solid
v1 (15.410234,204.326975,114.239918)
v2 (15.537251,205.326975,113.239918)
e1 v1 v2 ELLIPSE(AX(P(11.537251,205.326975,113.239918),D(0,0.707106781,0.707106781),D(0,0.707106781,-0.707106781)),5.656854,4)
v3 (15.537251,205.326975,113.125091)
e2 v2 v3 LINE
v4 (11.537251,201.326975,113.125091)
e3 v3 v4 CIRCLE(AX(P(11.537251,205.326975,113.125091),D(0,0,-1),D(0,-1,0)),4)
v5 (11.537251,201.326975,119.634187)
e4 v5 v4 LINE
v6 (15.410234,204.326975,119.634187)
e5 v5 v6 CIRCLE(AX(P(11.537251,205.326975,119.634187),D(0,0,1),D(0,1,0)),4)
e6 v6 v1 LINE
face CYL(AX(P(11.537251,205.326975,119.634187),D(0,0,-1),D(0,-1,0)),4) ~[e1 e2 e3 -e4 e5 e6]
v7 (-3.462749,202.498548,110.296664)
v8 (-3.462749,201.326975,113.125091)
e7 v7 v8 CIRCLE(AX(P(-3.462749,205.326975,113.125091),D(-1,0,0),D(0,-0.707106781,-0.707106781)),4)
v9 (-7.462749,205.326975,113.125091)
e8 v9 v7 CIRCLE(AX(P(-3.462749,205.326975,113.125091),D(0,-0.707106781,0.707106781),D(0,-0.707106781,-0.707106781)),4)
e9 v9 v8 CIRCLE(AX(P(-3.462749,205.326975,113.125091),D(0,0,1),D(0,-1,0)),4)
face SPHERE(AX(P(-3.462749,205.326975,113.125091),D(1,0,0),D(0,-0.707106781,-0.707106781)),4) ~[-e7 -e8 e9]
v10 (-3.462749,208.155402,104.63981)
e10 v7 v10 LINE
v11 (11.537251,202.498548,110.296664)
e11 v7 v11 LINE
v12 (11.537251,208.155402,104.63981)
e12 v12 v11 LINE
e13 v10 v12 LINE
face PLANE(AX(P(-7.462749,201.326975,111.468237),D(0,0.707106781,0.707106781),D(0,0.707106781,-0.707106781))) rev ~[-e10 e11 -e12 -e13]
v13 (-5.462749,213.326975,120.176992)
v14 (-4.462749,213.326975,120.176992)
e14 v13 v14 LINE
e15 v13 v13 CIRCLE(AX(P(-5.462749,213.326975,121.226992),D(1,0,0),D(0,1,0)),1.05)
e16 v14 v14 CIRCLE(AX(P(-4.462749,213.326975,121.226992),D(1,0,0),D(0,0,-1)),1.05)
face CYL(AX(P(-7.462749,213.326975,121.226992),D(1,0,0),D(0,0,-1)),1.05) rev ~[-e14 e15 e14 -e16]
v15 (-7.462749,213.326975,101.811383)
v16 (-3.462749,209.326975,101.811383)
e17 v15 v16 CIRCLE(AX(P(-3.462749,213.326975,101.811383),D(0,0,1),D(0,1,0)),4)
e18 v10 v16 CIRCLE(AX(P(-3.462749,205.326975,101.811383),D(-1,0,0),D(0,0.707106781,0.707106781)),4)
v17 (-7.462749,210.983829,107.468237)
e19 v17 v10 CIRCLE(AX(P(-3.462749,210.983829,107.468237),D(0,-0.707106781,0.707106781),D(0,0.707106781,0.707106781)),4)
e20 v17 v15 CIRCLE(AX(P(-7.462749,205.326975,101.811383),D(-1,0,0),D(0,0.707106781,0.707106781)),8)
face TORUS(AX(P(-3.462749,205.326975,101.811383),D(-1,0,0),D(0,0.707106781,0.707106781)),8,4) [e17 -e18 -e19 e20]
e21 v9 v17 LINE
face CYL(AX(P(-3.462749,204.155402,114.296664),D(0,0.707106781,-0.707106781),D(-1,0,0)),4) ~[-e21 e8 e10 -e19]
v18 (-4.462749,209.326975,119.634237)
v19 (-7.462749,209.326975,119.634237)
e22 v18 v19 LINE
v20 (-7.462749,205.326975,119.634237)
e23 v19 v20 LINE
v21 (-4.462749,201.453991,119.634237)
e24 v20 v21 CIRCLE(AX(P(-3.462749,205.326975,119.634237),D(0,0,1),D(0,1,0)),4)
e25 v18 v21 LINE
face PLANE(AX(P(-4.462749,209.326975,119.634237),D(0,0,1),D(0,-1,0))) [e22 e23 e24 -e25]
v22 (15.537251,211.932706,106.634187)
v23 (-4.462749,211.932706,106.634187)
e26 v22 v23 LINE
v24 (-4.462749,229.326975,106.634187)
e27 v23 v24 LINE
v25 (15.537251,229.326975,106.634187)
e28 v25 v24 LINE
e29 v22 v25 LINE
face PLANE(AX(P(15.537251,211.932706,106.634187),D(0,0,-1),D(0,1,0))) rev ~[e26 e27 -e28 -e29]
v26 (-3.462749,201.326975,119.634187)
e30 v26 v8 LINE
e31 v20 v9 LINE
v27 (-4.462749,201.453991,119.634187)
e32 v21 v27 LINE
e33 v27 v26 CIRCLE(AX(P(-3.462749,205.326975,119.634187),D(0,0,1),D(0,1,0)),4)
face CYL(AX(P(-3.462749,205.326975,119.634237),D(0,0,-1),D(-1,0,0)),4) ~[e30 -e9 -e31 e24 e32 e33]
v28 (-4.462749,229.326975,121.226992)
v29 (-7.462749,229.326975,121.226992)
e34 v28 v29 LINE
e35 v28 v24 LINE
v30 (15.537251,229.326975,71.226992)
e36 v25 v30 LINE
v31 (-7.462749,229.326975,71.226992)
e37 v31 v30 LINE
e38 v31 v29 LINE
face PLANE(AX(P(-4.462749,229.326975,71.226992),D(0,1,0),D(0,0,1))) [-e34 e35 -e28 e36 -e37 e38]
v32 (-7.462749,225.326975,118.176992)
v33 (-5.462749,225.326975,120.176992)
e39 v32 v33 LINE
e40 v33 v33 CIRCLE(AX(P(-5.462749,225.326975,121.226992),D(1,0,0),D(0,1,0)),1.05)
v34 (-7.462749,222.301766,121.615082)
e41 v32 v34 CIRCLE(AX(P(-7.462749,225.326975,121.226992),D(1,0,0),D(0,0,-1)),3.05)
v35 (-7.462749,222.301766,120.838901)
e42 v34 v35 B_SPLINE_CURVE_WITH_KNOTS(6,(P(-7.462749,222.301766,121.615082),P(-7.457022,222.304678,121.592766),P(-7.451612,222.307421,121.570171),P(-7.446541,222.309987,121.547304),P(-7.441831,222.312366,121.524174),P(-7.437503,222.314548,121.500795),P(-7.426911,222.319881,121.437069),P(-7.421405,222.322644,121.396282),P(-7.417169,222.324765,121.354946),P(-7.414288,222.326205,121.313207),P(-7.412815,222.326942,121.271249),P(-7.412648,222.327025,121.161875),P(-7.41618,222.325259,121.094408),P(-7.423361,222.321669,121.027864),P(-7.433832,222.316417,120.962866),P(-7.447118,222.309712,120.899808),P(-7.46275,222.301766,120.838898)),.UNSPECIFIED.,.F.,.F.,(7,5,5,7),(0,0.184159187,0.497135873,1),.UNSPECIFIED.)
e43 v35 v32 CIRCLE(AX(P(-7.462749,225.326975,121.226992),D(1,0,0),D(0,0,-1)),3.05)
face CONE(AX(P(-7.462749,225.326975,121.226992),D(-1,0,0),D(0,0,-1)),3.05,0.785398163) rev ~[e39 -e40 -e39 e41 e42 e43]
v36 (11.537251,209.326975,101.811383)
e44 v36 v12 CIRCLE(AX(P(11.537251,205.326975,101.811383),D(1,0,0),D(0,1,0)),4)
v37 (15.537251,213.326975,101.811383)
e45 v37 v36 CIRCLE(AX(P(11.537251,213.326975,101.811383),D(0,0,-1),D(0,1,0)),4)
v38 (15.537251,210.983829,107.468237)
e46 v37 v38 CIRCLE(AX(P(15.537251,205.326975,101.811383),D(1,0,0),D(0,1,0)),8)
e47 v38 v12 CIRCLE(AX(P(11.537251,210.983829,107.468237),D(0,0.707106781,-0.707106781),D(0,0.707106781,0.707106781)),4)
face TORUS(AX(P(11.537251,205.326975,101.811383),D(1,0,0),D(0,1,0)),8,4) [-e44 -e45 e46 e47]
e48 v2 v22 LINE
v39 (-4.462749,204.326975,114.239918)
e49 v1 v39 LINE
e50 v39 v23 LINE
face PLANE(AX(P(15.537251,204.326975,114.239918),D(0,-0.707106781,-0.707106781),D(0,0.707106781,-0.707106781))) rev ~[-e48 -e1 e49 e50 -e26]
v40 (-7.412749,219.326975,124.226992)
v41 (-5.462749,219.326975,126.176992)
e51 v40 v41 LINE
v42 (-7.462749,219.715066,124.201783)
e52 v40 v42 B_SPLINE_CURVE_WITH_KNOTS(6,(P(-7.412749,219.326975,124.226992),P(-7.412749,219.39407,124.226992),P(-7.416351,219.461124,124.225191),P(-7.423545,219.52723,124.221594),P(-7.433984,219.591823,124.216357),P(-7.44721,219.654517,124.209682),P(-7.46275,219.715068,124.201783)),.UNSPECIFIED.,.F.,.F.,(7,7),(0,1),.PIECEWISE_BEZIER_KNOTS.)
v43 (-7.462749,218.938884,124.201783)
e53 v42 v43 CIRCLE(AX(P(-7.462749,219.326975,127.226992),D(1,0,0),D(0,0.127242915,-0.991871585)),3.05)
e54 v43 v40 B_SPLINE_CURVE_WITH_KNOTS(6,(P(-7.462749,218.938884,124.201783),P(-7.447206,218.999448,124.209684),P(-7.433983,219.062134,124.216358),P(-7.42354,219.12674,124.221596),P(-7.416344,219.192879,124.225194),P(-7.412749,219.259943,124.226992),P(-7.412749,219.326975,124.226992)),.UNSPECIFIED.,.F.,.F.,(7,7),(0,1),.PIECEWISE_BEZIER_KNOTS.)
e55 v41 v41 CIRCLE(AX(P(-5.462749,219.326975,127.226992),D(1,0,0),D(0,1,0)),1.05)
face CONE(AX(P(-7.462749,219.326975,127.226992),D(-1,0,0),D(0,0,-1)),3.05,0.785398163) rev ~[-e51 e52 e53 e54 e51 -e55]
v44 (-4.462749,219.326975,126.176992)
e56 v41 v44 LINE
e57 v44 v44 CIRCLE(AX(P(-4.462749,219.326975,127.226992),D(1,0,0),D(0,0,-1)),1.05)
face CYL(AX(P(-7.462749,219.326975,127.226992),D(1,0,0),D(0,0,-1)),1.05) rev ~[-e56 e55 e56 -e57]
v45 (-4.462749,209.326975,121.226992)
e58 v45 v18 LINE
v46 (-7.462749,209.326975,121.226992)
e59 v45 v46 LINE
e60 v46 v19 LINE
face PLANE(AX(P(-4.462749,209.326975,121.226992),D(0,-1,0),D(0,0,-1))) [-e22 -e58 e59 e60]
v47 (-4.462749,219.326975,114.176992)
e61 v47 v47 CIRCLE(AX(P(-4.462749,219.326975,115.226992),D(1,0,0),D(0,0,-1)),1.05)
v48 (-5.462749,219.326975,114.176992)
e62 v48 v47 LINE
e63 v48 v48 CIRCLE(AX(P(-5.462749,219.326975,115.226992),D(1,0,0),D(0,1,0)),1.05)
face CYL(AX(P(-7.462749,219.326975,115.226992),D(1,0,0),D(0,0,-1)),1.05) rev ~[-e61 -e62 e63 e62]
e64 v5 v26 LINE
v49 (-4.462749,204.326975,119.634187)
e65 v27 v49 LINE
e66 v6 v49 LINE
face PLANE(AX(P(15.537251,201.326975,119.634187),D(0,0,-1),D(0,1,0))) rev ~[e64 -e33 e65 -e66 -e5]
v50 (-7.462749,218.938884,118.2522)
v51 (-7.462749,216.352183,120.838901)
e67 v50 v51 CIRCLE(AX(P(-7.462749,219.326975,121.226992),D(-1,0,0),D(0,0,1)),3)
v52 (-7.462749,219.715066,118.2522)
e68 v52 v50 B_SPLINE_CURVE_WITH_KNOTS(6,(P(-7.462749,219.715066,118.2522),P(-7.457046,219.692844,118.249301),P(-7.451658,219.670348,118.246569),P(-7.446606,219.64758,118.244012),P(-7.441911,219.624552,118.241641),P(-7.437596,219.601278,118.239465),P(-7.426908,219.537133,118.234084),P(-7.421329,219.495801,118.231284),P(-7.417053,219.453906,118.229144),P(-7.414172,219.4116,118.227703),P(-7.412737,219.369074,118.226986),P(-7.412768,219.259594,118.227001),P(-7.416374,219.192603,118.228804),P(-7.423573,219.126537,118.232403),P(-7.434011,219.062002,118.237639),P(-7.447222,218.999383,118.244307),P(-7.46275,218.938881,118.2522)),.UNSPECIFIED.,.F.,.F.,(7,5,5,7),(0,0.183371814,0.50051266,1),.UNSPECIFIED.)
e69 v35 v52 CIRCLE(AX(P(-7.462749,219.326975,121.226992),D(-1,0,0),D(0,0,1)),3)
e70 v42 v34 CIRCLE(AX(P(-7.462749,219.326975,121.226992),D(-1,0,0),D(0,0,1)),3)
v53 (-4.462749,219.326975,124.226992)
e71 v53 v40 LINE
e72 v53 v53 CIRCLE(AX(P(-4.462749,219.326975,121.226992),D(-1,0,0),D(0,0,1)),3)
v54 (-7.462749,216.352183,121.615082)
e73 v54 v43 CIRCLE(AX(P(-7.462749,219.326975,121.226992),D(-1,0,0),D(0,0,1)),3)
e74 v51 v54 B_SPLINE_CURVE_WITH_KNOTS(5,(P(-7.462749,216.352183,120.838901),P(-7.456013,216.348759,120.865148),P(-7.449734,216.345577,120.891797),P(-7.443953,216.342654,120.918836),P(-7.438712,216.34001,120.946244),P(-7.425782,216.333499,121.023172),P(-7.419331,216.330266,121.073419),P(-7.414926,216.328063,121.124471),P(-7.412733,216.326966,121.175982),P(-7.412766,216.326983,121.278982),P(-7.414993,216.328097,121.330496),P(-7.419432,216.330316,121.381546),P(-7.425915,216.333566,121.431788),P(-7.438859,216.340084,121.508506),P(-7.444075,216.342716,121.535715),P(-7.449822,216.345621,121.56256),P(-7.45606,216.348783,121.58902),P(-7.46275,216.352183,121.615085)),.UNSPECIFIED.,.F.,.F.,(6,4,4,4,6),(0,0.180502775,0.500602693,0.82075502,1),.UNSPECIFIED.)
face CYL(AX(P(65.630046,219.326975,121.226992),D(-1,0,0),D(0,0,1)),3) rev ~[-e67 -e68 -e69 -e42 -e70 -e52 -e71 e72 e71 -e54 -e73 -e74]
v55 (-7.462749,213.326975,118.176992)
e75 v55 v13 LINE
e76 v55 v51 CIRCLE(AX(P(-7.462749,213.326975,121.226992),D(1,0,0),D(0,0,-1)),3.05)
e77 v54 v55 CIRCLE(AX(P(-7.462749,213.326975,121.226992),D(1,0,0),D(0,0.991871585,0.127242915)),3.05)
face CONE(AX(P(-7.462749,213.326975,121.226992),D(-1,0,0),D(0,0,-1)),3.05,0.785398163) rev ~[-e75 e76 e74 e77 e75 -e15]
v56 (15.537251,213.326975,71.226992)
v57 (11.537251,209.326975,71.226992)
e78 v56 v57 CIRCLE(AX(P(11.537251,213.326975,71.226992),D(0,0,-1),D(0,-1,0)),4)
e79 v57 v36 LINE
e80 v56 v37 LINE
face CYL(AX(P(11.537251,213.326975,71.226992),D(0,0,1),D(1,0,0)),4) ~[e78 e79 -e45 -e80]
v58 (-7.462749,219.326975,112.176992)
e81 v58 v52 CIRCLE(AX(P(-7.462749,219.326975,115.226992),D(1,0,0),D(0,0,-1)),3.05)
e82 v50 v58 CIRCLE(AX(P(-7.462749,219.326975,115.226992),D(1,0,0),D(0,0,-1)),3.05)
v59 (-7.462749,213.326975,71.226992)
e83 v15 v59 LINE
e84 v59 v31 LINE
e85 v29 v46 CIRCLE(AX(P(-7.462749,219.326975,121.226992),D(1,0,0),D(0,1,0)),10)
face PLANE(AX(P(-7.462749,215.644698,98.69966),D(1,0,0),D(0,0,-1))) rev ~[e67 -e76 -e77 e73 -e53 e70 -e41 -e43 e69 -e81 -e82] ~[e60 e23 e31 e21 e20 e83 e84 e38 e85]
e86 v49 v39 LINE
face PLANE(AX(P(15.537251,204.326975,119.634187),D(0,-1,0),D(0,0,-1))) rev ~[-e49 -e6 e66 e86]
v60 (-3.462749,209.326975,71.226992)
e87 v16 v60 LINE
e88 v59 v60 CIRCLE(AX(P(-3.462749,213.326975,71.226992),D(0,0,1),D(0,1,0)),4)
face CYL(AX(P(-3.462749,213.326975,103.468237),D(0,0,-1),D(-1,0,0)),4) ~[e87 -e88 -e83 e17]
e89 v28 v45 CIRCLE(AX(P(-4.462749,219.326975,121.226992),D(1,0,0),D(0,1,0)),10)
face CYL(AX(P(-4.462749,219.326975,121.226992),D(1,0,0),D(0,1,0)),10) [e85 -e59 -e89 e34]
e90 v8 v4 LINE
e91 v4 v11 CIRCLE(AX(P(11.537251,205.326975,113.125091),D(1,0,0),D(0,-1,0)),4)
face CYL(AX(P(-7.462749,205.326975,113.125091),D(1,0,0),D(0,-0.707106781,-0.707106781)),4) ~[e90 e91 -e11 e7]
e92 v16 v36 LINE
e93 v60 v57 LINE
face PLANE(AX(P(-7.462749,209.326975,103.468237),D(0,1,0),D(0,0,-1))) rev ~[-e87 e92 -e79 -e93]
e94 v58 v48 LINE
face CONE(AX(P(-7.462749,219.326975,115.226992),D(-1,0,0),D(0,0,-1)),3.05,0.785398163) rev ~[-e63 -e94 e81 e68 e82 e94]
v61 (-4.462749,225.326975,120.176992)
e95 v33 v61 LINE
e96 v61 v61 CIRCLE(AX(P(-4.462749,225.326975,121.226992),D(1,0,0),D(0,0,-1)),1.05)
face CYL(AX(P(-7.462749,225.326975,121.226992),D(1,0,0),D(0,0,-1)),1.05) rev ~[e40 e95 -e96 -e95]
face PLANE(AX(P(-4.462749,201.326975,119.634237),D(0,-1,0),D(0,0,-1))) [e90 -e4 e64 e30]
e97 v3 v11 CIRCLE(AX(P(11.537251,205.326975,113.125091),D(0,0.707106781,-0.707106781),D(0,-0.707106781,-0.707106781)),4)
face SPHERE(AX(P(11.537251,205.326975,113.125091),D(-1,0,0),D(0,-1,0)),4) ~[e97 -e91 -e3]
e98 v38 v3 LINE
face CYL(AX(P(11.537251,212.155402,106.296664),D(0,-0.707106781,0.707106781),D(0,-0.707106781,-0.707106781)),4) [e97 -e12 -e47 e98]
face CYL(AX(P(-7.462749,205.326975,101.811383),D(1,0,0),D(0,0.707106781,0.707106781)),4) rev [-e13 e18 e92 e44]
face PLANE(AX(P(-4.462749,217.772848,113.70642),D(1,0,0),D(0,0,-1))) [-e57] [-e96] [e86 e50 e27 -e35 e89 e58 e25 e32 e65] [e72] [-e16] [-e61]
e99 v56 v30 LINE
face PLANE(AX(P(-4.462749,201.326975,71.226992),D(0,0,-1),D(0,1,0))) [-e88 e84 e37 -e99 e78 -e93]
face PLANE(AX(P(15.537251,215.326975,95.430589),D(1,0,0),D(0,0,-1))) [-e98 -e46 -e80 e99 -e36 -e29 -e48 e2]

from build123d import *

# Parameters (mm, degrees)
SKETCH1_W                            = 48.407195654
SKETCH1_H                            = 28
BOSS_EXTRUDE1_DEPTH                  = 20
BOSS_EXTRUDE2_DEPTH                  = 3
CUT_EXTRUDE1_DEPTH                   = 20
CUT_EXTRUDE2_DEPTH                   = 266.217617444
F_6_0_6_DIAMETER_HOLE1_D             = 6
F_2_1_2_1_DIAMETER_HOLE1_D           = 2.1
F_2_1_2_1_DIAMETER_HOLE1_DEPTH       = 23
F_2_1_2_1_DIAMETER_HOLE1_CSINK_D     = 6.1
F_2_1_2_1_DIAMETER_HOLE1_CSINK_ANGLE = 90
FILLET1_R                            = 4


with BuildPart() as part:
    # Sketch1 → Boss-Extrude1 (new body)
    with BuildSketch(Plane(origin=(15.537250863, 0, 0), x_dir=(0, 0, -1), z_dir=(1, 0, 0))):
        with Locations((-95.430589359, 215.326974637)):
            Rectangle(SKETCH1_W, SKETCH1_H)
    extrude(amount=-BOSS_EXTRUDE1_DEPTH)

    # Sketch2 → Boss-Extrude2 (add)
    with BuildSketch(Plane.ZY.offset(4.462749137)):
        with BuildLine():
            Line((71.226991532, 201.326974637), (71.226991532, 229.326974637))
            Line((71.226991532, 229.326974637), (121.226991532, 229.326974637))
            ThreePointArc((121.226991532, 229.326974637), (131.226991532, 219.326974637), (121.226991532, 209.326974637))
            Line((121.226991532, 209.326974637), (119.634236905, 209.326974637))
            Line((119.634236905, 209.326974637), (119.634236905, 201.326974637))
            Line((119.634236905, 201.326974637), (71.226991532, 201.326974637))
        make_face()
    extrude(amount=BOSS_EXTRUDE2_DEPTH)

    # Sketch3 → Cut-Extrude1 (cut)
    with BuildSketch(Plane(origin=(15.537250863, 0, 0), x_dir=(0, 0, -1), z_dir=(1, 0, 0))):
        Polygon((-106.634187186, 211.932705929), (-106.634187186, 229.326974637), (-119.634187186, 229.326974637), (-119.634187186, 204.326974637), (-114.239918478, 204.326974637), align=None)
    extrude(amount=-CUT_EXTRUDE1_DEPTH, mode=Mode.SUBTRACT)

    # Sketch4 → Cut-Extrude2 (cut, through all)
    with BuildSketch(Plane.ZY.offset(7.462749137)):
        Polygon((71.226991532, 201.326974637), (111.468236905, 201.326974637), (103.468236905, 209.326974637), (71.226991532, 209.326974637), align=None)
    extrude(amount=-CUT_EXTRUDE2_DEPTH, mode=Mode.SUBTRACT)

    # Ø6.0 (6) Diameter Hole1 (through all)
    with Locations(Plane(origin=(-4.462749137, 0, 0), x_dir=(0, 0, -1), z_dir=(1, 0, 0))):
        with Locations((-121.226991532, 219.326974637)):
            Hole(F_6_0_6_DIAMETER_HOLE1_D / 2)

    # Ø2.1 (2.1) Diameter Hole1
    with Locations(Plane.ZY.offset(7.462749137)):
        with Locations((121.226991532, 225.326974637), (127.226991532, 219.326974637), (121.226991532, 213.326974637), (115.226991532, 219.326974637)):
            CounterSinkHole(F_2_1_2_1_DIAMETER_HOLE1_D / 2, F_2_1_2_1_DIAMETER_HOLE1_CSINK_D / 2, depth=F_2_1_2_1_DIAMETER_HOLE1_DEPTH, counter_sink_angle=F_2_1_2_1_DIAMETER_HOLE1_CSINK_ANGLE)

    # Fillet1
    fillet1_edges = [part.edges().sort_by_distance(p)[0] for p in [
        (15.537250863, 201.326974637, 115.551212045),
        (15.537250863, 209.326974637, 87.347614218),
        (15.537250863, 205.326974637, 107.468236905),
        (-7.462749137, 201.326974637, 115.551236905),
        (4.037250863, 201.326974637, 111.468236905),
        (-7.462749137, 205.326974637, 107.468236905),
        (-7.462749137, 209.326974637, 87.347614218),
        (4.037250863, 209.326974637, 103.468236905),
    ]]
    fillet(fillet1_edges, radius=FILLET1_R)


solid = part.part
